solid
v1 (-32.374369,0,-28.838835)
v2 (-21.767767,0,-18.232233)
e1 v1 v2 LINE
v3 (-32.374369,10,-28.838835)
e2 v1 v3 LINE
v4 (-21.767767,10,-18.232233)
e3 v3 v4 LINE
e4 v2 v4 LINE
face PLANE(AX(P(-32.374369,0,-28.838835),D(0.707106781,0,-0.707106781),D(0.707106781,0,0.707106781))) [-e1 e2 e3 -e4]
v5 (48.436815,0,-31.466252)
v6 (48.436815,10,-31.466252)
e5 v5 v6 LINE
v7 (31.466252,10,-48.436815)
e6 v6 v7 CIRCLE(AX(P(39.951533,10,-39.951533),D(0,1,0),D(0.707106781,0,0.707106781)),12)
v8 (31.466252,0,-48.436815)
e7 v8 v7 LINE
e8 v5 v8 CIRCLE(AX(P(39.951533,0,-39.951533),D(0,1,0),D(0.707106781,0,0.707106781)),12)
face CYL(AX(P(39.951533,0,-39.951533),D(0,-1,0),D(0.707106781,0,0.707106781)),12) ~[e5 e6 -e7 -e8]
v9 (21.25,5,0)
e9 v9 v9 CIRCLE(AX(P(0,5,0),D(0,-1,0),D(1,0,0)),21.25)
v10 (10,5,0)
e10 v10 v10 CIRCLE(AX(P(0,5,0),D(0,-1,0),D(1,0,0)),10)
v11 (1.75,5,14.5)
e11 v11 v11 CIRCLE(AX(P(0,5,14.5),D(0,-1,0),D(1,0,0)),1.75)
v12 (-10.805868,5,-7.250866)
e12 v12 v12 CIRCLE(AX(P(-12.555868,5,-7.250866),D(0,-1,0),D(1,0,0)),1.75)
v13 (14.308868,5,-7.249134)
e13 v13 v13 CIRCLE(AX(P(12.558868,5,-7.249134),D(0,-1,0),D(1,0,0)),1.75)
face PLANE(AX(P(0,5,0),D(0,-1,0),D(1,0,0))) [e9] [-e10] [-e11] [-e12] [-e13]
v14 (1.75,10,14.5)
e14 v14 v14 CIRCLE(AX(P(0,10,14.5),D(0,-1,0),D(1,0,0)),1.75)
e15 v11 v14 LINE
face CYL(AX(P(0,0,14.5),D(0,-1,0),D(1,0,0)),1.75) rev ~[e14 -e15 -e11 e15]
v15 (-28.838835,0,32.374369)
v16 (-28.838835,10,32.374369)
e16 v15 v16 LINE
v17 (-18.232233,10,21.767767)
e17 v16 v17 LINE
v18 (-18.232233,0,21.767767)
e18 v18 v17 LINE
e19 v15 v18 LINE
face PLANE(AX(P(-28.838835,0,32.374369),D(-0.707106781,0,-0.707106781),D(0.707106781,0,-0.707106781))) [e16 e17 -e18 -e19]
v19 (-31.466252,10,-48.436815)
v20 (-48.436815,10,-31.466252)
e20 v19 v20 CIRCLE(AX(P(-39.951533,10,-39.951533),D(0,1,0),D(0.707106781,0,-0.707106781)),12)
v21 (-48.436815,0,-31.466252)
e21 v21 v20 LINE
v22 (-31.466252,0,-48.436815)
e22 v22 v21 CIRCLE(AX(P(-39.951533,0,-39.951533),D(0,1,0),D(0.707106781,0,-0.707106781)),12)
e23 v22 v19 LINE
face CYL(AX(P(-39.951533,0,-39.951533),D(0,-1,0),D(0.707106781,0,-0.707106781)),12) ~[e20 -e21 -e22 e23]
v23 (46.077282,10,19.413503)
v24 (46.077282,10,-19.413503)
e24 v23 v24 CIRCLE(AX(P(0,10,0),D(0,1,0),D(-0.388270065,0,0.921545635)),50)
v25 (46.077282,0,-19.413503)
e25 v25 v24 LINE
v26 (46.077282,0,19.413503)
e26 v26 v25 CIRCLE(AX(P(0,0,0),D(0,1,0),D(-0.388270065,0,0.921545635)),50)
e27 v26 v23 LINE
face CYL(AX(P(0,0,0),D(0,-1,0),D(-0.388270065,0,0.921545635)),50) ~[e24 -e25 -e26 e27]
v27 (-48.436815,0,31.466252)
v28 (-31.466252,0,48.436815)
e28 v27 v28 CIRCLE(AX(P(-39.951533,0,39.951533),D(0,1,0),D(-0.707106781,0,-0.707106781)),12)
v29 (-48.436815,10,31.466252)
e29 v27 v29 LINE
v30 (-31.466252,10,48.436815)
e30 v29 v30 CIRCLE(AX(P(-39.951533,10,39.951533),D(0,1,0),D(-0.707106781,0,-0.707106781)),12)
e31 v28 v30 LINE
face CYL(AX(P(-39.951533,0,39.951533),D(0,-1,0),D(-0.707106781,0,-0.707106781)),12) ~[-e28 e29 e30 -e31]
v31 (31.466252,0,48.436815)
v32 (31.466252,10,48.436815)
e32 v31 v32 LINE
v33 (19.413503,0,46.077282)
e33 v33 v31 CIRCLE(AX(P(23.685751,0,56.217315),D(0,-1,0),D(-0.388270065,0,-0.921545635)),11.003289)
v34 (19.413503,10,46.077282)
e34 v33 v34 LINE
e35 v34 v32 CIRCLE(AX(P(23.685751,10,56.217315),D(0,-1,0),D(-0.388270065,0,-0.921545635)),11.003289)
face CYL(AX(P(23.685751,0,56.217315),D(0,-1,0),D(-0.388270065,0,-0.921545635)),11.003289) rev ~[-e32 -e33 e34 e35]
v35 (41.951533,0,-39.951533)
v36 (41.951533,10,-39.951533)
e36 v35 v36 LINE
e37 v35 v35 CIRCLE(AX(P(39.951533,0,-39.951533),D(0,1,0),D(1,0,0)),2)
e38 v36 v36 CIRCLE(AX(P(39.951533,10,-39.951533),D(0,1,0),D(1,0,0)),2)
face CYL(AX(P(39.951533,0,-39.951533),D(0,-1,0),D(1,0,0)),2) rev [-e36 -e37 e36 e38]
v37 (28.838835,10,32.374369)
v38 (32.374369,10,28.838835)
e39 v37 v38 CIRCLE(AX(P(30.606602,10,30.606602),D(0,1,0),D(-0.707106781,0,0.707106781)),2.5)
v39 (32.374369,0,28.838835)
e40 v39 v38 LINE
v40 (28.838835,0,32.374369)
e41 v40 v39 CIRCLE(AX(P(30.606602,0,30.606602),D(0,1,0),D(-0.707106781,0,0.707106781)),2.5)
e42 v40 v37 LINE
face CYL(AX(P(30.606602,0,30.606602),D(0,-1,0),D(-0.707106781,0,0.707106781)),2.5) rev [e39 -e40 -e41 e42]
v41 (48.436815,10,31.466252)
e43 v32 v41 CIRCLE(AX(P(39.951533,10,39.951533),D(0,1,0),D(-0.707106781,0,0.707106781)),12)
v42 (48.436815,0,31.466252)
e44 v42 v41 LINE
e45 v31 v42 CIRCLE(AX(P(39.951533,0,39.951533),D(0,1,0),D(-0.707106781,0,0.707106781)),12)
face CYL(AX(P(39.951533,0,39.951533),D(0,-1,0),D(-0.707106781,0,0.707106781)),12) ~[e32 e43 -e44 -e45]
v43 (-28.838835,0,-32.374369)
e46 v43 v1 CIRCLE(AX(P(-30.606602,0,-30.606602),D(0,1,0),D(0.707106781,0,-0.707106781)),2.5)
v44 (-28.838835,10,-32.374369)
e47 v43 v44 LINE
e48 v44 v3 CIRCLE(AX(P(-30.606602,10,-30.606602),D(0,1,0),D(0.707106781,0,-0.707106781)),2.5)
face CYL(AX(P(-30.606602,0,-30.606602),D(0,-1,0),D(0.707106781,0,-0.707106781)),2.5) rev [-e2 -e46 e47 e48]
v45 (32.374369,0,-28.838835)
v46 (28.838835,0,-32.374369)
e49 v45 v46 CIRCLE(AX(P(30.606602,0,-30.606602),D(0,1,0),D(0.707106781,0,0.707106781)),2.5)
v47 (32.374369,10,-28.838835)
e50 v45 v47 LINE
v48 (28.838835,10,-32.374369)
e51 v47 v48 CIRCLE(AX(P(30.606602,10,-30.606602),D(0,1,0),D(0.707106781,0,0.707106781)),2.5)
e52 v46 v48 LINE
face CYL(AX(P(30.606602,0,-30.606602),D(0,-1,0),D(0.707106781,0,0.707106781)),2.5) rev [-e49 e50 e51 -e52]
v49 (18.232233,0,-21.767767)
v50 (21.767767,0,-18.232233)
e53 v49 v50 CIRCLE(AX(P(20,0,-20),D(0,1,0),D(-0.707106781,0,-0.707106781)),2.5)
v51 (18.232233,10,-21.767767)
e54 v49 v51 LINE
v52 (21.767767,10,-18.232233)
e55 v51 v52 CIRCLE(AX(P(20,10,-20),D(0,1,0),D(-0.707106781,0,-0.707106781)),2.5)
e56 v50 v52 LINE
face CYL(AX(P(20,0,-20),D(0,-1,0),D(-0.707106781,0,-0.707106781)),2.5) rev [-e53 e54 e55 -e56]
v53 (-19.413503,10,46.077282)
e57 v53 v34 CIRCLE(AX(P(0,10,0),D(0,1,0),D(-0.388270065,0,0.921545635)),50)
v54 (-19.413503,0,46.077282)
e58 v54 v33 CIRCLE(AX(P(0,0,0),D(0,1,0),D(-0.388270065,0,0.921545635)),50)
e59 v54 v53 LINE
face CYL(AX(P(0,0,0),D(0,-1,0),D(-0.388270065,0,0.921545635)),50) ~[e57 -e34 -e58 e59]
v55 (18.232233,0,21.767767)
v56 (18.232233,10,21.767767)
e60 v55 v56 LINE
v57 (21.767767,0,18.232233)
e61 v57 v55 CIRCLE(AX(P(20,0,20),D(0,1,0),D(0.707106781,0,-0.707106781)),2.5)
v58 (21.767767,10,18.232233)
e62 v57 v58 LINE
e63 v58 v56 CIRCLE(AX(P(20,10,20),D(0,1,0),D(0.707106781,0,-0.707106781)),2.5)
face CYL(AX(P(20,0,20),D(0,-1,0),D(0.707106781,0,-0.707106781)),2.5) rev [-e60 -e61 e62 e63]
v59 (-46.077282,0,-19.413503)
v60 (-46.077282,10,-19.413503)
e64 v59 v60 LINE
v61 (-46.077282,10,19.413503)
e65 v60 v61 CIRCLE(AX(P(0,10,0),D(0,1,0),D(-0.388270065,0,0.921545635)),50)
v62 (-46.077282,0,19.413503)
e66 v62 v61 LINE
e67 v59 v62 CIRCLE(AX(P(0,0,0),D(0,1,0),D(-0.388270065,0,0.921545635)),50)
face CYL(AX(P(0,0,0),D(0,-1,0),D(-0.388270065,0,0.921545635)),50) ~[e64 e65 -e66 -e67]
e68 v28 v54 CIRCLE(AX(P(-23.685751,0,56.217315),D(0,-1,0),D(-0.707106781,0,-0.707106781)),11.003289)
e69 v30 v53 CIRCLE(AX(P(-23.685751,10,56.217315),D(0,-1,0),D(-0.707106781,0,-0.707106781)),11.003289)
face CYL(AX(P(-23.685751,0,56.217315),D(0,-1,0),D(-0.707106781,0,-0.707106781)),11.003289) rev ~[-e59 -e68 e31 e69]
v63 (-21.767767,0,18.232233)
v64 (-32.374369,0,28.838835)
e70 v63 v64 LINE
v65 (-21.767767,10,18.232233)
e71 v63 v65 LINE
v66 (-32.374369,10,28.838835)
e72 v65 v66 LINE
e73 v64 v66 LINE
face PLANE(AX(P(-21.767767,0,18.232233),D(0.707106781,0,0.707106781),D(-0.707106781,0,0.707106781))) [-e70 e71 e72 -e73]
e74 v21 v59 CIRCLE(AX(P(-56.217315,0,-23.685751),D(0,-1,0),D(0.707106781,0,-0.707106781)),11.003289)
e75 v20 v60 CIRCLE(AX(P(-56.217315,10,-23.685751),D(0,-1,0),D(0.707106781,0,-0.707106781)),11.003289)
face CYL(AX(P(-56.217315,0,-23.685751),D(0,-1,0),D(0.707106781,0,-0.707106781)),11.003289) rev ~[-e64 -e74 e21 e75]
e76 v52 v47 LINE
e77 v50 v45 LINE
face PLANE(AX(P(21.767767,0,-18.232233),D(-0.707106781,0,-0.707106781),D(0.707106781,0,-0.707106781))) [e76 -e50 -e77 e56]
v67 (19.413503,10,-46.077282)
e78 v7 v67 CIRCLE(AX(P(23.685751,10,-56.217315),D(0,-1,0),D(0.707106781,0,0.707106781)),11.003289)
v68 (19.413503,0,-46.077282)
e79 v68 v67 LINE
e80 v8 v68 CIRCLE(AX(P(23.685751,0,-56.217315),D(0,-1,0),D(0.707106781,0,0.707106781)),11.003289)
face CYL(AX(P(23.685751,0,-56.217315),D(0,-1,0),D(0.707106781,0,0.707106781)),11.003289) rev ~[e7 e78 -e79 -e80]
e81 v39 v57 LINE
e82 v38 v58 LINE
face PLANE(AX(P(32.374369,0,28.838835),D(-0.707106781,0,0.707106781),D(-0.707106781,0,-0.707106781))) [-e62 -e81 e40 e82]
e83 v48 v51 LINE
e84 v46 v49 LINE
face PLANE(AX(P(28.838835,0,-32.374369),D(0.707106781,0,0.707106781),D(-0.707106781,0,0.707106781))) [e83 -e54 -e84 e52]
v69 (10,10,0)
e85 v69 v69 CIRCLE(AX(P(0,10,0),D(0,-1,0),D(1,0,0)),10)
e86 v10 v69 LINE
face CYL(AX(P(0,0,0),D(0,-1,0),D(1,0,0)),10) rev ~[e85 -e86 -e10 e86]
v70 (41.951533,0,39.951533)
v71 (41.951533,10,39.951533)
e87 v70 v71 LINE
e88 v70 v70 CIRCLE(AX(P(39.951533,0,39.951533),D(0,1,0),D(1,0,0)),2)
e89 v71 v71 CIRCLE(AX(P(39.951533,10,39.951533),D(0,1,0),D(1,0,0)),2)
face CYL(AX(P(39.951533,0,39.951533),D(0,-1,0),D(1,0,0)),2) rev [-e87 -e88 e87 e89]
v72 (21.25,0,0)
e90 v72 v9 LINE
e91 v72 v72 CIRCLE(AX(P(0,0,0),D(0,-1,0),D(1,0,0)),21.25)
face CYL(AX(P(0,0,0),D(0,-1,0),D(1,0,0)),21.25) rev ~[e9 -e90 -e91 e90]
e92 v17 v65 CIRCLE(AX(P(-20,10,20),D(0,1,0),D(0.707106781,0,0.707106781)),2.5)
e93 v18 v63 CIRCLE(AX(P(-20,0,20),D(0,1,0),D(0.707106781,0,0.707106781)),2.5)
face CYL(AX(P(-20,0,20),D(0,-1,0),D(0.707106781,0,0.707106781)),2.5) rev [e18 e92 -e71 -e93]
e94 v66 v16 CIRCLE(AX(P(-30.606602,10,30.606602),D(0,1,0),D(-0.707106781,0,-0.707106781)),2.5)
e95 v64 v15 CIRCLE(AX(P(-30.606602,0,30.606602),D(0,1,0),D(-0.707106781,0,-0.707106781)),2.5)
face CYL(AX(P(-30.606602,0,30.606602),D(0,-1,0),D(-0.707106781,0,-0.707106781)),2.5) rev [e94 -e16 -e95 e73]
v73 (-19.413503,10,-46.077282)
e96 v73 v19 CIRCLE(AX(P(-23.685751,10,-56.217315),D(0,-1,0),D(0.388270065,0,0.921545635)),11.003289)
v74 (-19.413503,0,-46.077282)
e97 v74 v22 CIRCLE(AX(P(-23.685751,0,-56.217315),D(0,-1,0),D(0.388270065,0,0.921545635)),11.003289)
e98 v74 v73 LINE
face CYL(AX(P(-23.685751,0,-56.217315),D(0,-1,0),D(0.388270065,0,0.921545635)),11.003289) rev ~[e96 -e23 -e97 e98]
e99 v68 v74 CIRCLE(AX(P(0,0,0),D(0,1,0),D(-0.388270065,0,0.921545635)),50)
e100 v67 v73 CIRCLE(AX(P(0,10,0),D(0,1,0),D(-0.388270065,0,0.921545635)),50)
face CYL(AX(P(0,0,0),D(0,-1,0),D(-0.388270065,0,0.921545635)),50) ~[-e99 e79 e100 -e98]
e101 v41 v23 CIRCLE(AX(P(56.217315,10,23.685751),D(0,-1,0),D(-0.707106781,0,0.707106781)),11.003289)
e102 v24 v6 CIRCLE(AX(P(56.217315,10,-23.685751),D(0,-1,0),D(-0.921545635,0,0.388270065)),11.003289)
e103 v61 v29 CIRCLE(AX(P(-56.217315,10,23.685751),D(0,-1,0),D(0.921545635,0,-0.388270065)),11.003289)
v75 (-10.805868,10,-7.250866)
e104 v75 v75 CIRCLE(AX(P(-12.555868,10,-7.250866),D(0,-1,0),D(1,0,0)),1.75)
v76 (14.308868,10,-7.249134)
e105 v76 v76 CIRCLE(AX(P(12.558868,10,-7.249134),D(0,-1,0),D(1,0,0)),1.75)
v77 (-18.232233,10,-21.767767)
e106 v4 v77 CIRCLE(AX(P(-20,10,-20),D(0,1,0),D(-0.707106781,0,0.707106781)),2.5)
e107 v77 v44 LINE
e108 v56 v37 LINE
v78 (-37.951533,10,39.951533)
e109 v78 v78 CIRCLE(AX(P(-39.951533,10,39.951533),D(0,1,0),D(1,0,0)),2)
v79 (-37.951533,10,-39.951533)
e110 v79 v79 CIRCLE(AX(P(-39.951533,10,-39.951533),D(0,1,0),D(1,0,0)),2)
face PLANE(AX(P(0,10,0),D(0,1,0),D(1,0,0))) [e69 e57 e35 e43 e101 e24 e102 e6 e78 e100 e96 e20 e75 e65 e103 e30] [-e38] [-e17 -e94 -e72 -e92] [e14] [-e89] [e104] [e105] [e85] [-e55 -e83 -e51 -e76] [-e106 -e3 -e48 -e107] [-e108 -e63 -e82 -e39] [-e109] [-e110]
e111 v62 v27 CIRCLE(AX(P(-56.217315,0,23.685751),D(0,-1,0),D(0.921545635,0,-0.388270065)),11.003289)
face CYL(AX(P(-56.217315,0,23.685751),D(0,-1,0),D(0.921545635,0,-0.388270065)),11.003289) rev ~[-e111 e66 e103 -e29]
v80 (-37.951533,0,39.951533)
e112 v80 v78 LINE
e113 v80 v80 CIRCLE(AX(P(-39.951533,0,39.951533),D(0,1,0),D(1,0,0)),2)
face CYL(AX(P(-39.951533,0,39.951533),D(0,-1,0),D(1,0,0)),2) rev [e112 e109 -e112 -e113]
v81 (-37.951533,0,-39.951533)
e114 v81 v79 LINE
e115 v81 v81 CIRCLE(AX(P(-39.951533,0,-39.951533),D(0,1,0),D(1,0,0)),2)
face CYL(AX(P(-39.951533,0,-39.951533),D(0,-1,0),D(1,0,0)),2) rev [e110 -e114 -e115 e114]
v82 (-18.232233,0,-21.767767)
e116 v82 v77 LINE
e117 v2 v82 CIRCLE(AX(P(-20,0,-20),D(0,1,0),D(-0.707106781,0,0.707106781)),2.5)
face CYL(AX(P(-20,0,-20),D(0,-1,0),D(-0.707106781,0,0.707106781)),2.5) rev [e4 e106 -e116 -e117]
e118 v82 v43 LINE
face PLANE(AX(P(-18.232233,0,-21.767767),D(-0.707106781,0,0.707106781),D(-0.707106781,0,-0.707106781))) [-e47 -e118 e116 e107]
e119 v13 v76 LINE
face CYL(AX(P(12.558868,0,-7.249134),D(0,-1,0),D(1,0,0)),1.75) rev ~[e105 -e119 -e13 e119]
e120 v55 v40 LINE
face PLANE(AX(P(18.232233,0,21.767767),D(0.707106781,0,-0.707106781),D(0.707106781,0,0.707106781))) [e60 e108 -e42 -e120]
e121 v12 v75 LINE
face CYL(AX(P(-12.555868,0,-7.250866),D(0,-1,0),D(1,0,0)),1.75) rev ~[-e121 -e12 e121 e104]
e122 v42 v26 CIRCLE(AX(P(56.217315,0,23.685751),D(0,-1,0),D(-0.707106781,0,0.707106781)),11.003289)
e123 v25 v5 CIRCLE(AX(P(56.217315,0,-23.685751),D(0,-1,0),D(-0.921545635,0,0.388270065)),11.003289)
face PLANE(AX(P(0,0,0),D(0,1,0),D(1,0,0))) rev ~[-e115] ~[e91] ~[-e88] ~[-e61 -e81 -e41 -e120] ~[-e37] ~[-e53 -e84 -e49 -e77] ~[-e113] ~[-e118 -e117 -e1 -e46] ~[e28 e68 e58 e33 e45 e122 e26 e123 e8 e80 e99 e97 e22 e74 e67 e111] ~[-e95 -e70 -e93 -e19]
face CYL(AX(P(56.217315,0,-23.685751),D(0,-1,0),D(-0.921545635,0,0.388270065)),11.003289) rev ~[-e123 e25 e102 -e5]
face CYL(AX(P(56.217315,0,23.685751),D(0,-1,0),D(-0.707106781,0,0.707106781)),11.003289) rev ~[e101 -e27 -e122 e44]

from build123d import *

# Parameters (mm, degrees)
SZKIC1_R                    = 2
DODANIE_WYCI_GNI_CIE1_DEPTH = 10
SZKIC2_R                    = 21.25
SZKIC2_R_2                  = 1.75
SZKIC2_R_3                  = 10
WYTNIJ_WYCI_GNI_CIE3_DEPTH  = 5
SZKIC2_8_R                  = 1.75
SZKIC2_8_R_2                = 10
WYTNIJ_WYCI_GNI_CIE6_DEPTH  = 75.1479844


with BuildPart() as part:
    # Szkic1 → Dodanie-wyci_gni_cie1 (new body)
    with BuildSketch(Plane(origin=(0, 0, 0), x_dir=(1, 0, 0), z_dir=(0, 1, 0))):
        with BuildLine():
            ThreePointArc((46.077281732, -19.413503243), (50, 0), (46.077281732, 19.413503243))
            ThreePointArc((46.077281732, 19.413503243), (45.41900176, 25.799706685), (48.436814511, 31.466251763))
            ThreePointArc((48.436814511, 31.466251763), (48.436814511, 48.436814511), (31.466251763, 48.436814511))
            ThreePointArc((31.466251763, 48.436814511), (25.799706685, 45.41900176), (19.413503243, 46.077281732))
            ThreePointArc((19.413503243, 46.077281732), (0, 50), (-19.413503243, 46.077281732))
            ThreePointArc((-19.413503243, 46.077281732), (-25.799706685, 45.41900176), (-31.466251763, 48.436814511))
            ThreePointArc((-31.466251763, 48.436814511), (-48.436814511, 48.436814511), (-48.436814511, 31.466251763))
            ThreePointArc((-48.436814511, 31.466251763), (-45.41900176, 25.799706685), (-46.077281732, 19.413503243))
            ThreePointArc((-46.077281732, 19.413503243), (-50, 0), (-46.077281732, -19.413503243))
            ThreePointArc((-46.077281732, -19.413503243), (-45.41900176, -25.799706685), (-48.436814511, -31.466251763))
            ThreePointArc((-48.436814511, -31.466251763), (-48.436814511, -48.436814511), (-31.466251763, -48.436814511))
            ThreePointArc((-31.466251763, -48.436814511), (-25.799706685, -45.41900176), (-19.413503243, -46.077281732))
            ThreePointArc((-19.413503243, -46.077281732), (0, -50), (19.413503243, -46.077281732))
            ThreePointArc((19.413503243, -46.077281732), (25.799706685, -45.41900176), (31.466251763, -48.436814511))
            ThreePointArc((31.466251763, -48.436814511), (48.436814511, -48.436814511), (48.436814511, -31.466251763))
            ThreePointArc((48.436814511, -31.466251763), (45.41900176, -25.799706685), (46.077281732, -19.413503243))
        make_face()
        with BuildLine():
            ThreePointArc((-21.767766953, -18.232233047), (-18.232233047, -18.232233047), (-18.232233047, -21.767766953))
            Line((-18.232233047, -21.767766953), (-28.838834765, -32.374368671))
            ThreePointArc((-28.838834765, -32.374368671), (-32.374368671, -32.374368671), (-32.374368671, -28.838834765))
            Line((-32.374368671, -28.838834765), (-21.767766953, -18.232233047))
        make_face(mode=Mode.SUBTRACT)
        with BuildLine():
            ThreePointArc((18.232233047, -21.767766953), (18.232233047, -18.232233047), (21.767766953, -18.232233047))
            Line((21.767766953, -18.232233047), (32.374368671, -28.838834765))
            ThreePointArc((32.374368671, -28.838834765), (32.374368671, -32.374368671), (28.838834765, -32.374368671))
            Line((28.838834765, -32.374368671), (18.232233047, -21.767766953))
        make_face(mode=Mode.SUBTRACT)
        with BuildLine():
            ThreePointArc((-18.232233047, 21.767766953), (-18.232233047, 18.232233047), (-21.767766953, 18.232233047))
            Line((-21.767766953, 18.232233047), (-32.374368671, 28.838834765))
            ThreePointArc((-32.374368671, 28.838834765), (-32.374368671, 32.374368671), (-28.838834765, 32.374368671))
            Line((-28.838834765, 32.374368671), (-18.232233047, 21.767766953))
        make_face(mode=Mode.SUBTRACT)
        with BuildLine():
            ThreePointArc((21.767766953, 18.232233047), (18.232233047, 18.232233047), (18.232233047, 21.767766953))
            Line((18.232233047, 21.767766953), (28.838834765, 32.374368671))
            ThreePointArc((28.838834765, 32.374368671), (32.374368671, 32.374368671), (32.374368671, 28.838834765))
            Line((32.374368671, 28.838834765), (21.767766953, 18.232233047))
        make_face(mode=Mode.SUBTRACT)
        with Locations((39.951533137, -39.951533137)):
            Circle(SZKIC1_R, mode=Mode.SUBTRACT)
        with Locations((-39.951533137, -39.951533137)):
            Circle(SZKIC1_R, mode=Mode.SUBTRACT)
        with Locations((-39.951533137, 39.951533137)):
            Circle(SZKIC1_R, mode=Mode.SUBTRACT)
        with Locations((39.951533137, 39.951533137)):
            Circle(SZKIC1_R, mode=Mode.SUBTRACT)
    extrude(amount=DODANIE_WYCI_GNI_CIE1_DEPTH)

    # Szkic2 → Wytnij-wyci_gni_cie3 (cut)
    with BuildSketch(Plane.XZ):
        Circle(SZKIC2_R)
        with Locations((0, 14.5)):
            Circle(SZKIC2_R_2, mode=Mode.SUBTRACT)
        with Locations((12.558868355, -7.249133975)):
            Circle(SZKIC2_R_2, mode=Mode.SUBTRACT)
        with Locations((-12.555868355, -7.250866025)):
            Circle(SZKIC2_R_2, mode=Mode.SUBTRACT)
        Circle(SZKIC2_R_3, mode=Mode.SUBTRACT)
    extrude(amount=-WYTNIJ_WYCI_GNI_CIE3_DEPTH, mode=Mode.SUBTRACT)

    # Szkic2_8 → Wytnij-wyci_gni_cie6 (cut, through all)
    with BuildSketch(Plane.XZ):
        with Locations((0, 14.5)):
            Circle(SZKIC2_8_R)
        with Locations((12.558868355, -7.249133975)):
            Circle(SZKIC2_8_R)
        with Locations((-12.555868355, -7.250866025)):
            Circle(SZKIC2_8_R)
        Circle(SZKIC2_8_R_2)
    extrude(amount=-WYTNIJ_WYCI_GNI_CIE6_DEPTH, mode=Mode.SUBTRACT)


solid = part.part
